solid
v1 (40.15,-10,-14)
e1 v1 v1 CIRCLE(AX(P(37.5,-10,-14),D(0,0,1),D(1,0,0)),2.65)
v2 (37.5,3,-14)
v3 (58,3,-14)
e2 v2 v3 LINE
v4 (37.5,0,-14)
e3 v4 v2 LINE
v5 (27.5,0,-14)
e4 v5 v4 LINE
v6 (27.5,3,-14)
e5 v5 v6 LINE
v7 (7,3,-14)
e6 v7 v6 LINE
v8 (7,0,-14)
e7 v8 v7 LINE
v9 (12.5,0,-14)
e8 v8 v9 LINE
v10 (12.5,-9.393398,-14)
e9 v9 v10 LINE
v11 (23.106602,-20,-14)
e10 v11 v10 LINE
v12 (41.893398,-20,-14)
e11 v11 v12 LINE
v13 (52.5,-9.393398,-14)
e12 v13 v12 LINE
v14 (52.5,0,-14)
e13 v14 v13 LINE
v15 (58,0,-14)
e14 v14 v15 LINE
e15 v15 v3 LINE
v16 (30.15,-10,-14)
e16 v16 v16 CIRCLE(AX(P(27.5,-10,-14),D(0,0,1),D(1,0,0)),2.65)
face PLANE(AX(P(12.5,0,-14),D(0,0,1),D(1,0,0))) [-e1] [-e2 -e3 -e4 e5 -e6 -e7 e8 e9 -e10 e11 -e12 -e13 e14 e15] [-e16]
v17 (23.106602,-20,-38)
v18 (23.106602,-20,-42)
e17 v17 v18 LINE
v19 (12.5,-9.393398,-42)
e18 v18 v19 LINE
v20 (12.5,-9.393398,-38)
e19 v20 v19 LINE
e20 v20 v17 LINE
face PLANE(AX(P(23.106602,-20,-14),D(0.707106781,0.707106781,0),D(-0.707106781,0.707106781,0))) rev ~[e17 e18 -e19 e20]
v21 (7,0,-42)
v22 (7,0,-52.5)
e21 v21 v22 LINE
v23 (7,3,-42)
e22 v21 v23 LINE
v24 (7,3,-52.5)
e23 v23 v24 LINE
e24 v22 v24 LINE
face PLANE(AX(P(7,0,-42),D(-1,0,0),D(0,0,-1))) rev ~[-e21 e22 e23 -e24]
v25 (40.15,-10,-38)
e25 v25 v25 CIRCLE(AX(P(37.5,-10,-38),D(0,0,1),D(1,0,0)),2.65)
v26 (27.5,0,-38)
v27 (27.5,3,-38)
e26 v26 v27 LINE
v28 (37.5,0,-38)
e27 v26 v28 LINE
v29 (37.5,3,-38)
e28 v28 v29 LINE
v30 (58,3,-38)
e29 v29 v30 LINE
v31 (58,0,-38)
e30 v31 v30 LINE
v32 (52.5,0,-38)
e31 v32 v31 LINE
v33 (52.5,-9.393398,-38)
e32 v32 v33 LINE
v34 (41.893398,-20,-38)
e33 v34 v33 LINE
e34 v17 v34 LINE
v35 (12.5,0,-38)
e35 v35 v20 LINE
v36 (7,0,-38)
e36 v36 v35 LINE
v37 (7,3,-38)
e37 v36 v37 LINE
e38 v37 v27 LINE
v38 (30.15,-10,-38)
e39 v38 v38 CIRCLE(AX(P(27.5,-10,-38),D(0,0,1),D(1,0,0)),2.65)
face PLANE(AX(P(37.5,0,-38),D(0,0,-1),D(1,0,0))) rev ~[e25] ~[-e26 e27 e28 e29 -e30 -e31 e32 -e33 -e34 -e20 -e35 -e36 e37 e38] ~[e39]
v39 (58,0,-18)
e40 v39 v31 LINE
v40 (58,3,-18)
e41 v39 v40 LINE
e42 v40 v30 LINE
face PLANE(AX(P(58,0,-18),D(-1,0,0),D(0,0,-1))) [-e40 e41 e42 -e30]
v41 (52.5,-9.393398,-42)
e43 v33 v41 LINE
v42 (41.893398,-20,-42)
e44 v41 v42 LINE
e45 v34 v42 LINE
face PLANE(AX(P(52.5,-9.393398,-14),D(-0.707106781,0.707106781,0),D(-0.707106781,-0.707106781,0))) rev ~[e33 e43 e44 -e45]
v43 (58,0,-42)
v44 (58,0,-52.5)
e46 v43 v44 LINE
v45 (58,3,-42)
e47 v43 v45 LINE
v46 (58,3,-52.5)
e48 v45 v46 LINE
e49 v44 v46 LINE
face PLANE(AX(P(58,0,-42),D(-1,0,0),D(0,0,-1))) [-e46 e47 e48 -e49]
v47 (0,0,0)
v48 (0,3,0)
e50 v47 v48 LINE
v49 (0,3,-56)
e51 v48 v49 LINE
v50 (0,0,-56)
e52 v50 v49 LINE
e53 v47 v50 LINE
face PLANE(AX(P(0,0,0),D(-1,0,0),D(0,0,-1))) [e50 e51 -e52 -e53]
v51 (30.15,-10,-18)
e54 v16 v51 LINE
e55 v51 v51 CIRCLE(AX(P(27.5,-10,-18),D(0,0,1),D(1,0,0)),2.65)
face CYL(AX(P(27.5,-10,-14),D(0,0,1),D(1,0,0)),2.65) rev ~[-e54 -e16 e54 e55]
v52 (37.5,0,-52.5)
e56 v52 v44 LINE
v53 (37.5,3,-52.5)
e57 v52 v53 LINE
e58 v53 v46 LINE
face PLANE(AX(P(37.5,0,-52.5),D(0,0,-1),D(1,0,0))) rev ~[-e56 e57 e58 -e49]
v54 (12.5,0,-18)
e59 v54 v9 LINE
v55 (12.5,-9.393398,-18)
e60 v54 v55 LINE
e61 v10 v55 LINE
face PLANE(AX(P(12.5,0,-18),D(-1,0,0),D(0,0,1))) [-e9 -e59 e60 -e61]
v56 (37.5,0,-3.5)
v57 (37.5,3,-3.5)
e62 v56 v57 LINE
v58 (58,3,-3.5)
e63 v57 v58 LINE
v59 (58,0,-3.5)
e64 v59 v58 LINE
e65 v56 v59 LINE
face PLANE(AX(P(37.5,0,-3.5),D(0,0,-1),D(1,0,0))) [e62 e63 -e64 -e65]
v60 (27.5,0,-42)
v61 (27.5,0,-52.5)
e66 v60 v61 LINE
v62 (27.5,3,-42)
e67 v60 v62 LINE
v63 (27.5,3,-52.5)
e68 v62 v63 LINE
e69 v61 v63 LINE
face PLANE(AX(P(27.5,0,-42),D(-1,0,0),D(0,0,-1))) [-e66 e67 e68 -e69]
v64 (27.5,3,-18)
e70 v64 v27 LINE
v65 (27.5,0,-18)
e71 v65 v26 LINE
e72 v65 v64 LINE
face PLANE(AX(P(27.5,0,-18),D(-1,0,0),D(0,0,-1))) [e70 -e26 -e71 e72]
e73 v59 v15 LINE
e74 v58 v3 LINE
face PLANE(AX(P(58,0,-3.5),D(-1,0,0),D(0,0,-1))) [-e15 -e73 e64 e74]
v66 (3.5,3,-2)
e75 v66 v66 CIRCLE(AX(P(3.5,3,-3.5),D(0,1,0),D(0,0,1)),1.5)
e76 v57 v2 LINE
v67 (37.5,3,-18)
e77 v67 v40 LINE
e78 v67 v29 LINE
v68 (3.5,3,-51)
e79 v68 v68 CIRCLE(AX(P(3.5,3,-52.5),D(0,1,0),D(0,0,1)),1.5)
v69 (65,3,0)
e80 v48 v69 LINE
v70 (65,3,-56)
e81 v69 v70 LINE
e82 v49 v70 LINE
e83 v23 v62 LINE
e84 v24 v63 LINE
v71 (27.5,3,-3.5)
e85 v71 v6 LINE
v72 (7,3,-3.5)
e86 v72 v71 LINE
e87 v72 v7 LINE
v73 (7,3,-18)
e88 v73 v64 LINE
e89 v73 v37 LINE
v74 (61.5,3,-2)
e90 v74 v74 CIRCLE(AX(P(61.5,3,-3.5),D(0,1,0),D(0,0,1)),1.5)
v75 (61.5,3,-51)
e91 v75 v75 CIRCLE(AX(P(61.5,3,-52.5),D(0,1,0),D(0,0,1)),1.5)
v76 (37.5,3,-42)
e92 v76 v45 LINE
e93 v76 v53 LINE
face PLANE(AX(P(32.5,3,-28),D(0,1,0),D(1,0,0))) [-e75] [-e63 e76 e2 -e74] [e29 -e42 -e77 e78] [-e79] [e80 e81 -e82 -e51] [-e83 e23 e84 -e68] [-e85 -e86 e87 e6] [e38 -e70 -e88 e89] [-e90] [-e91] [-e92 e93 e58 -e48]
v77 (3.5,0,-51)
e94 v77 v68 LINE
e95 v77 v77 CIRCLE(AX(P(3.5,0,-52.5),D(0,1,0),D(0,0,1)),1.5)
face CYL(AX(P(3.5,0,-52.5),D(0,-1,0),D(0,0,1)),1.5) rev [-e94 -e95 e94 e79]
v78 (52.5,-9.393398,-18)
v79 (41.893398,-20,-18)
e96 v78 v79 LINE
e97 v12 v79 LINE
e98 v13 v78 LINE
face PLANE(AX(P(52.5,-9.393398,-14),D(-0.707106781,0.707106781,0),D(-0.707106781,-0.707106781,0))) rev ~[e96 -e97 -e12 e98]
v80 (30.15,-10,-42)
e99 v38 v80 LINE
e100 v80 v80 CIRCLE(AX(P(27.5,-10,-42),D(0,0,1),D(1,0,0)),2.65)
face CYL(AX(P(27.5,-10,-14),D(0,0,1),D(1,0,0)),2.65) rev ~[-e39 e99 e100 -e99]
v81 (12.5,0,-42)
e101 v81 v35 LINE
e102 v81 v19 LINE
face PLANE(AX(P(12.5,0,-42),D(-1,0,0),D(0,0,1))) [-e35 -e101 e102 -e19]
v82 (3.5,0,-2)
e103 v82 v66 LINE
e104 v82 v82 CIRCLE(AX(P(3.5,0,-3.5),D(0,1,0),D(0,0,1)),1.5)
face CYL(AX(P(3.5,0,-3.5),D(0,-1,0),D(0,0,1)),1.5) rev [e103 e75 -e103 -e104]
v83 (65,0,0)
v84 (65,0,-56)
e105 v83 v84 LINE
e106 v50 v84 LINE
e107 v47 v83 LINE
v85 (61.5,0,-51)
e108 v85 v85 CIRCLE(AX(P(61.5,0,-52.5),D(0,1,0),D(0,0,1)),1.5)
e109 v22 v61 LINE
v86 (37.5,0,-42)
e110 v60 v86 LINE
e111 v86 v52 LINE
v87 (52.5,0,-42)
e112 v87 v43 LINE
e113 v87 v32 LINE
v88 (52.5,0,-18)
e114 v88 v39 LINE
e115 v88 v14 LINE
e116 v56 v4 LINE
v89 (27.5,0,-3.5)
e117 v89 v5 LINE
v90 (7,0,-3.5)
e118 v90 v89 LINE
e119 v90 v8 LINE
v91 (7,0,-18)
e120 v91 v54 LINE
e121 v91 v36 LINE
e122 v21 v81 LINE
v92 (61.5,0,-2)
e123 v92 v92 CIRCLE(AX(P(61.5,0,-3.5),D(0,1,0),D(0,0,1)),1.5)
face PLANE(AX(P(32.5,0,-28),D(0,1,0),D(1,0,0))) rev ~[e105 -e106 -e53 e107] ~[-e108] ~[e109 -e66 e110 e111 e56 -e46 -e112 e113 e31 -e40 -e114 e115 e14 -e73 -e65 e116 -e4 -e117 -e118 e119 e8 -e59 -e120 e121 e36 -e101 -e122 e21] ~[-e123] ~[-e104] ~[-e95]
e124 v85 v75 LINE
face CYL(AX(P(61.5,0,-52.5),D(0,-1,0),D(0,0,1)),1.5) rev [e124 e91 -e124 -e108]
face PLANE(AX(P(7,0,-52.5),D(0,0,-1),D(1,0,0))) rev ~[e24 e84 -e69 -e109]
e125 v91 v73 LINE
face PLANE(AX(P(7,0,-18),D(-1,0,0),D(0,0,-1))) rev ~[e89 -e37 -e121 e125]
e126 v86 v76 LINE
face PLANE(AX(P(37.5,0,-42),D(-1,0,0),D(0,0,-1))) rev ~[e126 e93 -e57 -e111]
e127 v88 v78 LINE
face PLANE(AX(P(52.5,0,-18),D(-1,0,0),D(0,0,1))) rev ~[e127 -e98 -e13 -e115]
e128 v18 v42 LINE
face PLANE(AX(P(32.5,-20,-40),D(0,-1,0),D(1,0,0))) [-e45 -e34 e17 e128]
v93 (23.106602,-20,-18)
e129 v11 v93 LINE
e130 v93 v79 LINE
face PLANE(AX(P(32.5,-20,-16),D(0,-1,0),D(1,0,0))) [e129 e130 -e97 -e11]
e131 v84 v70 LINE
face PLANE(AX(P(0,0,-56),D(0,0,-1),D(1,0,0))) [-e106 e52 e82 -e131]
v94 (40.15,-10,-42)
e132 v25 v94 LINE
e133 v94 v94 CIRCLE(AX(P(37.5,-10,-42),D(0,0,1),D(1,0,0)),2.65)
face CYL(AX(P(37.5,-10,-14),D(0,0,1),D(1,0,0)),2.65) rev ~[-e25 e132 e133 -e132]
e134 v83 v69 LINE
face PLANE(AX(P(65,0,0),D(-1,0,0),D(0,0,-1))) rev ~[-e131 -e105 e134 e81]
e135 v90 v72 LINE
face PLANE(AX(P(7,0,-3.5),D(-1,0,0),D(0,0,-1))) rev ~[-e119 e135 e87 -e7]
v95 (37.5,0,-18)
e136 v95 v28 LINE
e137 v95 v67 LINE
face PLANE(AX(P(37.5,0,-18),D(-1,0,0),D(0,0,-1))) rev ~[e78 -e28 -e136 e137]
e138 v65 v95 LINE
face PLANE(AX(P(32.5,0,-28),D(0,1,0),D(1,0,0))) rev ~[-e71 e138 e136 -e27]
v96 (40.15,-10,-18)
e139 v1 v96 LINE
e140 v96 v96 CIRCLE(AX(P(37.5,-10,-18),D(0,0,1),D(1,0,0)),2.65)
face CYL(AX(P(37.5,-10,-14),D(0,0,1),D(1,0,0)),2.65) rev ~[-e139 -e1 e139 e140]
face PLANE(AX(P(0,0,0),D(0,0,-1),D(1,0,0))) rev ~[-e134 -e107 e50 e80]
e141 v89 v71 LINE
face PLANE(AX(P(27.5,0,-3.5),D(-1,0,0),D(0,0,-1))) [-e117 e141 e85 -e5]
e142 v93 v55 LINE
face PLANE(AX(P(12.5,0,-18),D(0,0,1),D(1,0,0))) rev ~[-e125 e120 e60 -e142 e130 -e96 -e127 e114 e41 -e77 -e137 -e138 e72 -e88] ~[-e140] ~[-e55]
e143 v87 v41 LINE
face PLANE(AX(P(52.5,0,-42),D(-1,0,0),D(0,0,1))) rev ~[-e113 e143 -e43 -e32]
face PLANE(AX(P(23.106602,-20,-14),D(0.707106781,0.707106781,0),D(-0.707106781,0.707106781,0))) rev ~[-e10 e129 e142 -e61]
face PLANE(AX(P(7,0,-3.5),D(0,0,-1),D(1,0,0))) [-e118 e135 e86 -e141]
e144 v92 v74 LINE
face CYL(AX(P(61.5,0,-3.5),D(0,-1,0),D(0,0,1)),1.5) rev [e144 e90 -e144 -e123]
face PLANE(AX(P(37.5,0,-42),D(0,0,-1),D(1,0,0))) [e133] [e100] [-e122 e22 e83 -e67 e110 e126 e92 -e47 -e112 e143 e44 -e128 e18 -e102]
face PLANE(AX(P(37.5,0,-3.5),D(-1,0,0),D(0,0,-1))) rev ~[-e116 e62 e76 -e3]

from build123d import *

# Parameters (mm, degrees)
SKETCH1_W           = 65
SKETCH1_H           = 56
SKETCH1_R           = 1.5
SKETCH1_W_2         = 20.5
SKETCH1_H_2         = 20
SKETCH1_H_3         = 10.5
BOSS_EXTRUDE1_DEPTH = 3
SKETCH5_W           = 40
SKETCH5_H           = 4
BOSS_EXTRUDE4_DEPTH = 20
CUT_EXTRUDE1_REACH  = 81.931
SKETCH6_R           = 2.65


with BuildPart() as part:
    # Sketch1 → Boss-Extrude1 (new body)
    with BuildSketch(Plane(origin=(0, 0, 0), x_dir=(1, 0, 0), z_dir=(0, 1, 0))):
        with Locations((32.5, 28)):
            Rectangle(SKETCH1_W, SKETCH1_H)
        with Locations(Location((3.5, 52.5, 0), (0, 0, 270))):
            Circle(SKETCH1_R, mode=Mode.SUBTRACT)
        with Locations(Location((61.5, 52.5, 0), (0, 0, 270))):
            Circle(SKETCH1_R, mode=Mode.SUBTRACT)
        with Locations(Location((61.5, 3.5, 0), (0, 0, 270))):
            Circle(SKETCH1_R, mode=Mode.SUBTRACT)
        with Locations(Location((3.5, 3.5, 0), (0, 0, 270))):
            Circle(SKETCH1_R, mode=Mode.SUBTRACT)
        with Locations((17.25, 28)):
            Rectangle(SKETCH1_W_2, SKETCH1_H_2, mode=Mode.SUBTRACT)
        with Locations((47.75, 28)):
            Rectangle(SKETCH1_W_2, SKETCH1_H_2, mode=Mode.SUBTRACT)
        with Locations((17.25, 47.25)):
            Rectangle(SKETCH1_W_2, SKETCH1_H_3, mode=Mode.SUBTRACT)
        with Locations((47.75, 47.25)):
            Rectangle(SKETCH1_W_2, SKETCH1_H_3, mode=Mode.SUBTRACT)
        with Locations((47.75, 8.75)):
            Rectangle(SKETCH1_W_2, SKETCH1_H_3, mode=Mode.SUBTRACT)
        with Locations((17.25, 8.75)):
            Rectangle(SKETCH1_W_2, SKETCH1_H_3, mode=Mode.SUBTRACT)
    extrude(amount=BOSS_EXTRUDE1_DEPTH)

    # Sketch5 → Boss-Extrude4 (add)
    with BuildSketch(Plane.XZ):
        with Locations((32.5, -16)):
            Rectangle(SKETCH5_W, SKETCH5_H)
        with Locations((32.5, -40)):
            Rectangle(SKETCH5_W, SKETCH5_H)
    extrude(amount=BOSS_EXTRUDE4_DEPTH)

    # Cut-Extrude1: up to this face of the body (flat: up to its plane)
    cut_extrude1_end = Plane(part.part.faces().sort_by_distance((32.5, -8.467497291, -42))[0])
    # Sketch6 → Cut-Extrude1 (cut, up to the picked face)
    with BuildSketch(Plane.XY.offset(-14), mode=Mode.PRIVATE) as cut_extrude1_sk1:
        with Locations((27.5, -10)):
            Circle(SKETCH6_R)
    cut_extrude1_tool1 = split(extrude(cut_extrude1_sk1.sketch, amount=-CUT_EXTRUDE1_REACH, mode=Mode.PRIVATE), bisect_by=cut_extrude1_end, keep=Keep.BOTH, mode=Mode.PRIVATE)
    # Sketch6 → Cut-Extrude1 (cut, up to the picked face)
    with BuildSketch(Plane.XY.offset(-14), mode=Mode.PRIVATE) as cut_extrude1_sk2:
        with Locations((37.5, -10)):
            Circle(SKETCH6_R)
    cut_extrude1_tool2 = split(extrude(cut_extrude1_sk2.sketch, amount=-CUT_EXTRUDE1_REACH, mode=Mode.PRIVATE), bisect_by=cut_extrude1_end, keep=Keep.BOTH, mode=Mode.PRIVATE)
    # Sketch6 → Cut-Extrude1 (cut, up to the picked face)
    with BuildSketch(Plane.XY.offset(-14), mode=Mode.PRIVATE) as cut_extrude1_sk3:
        Polygon((12.5, -9.393398282), (12.5, -20), (23.106601718, -20), align=None)
    cut_extrude1_tool3 = split(extrude(cut_extrude1_sk3.sketch, amount=-CUT_EXTRUDE1_REACH, mode=Mode.PRIVATE), bisect_by=cut_extrude1_end, keep=Keep.BOTH, mode=Mode.PRIVATE)
    # Sketch6 → Cut-Extrude1 (cut, up to the picked face)
    with BuildSketch(Plane.XY.offset(-14), mode=Mode.PRIVATE) as cut_extrude1_sk4:
        Polygon((41.893398282, -20), (52.5, -20), (52.5, -9.393398282), align=None)
    cut_extrude1_tool4 = split(extrude(cut_extrude1_sk4.sketch, amount=-CUT_EXTRUDE1_REACH, mode=Mode.PRIVATE), bisect_by=cut_extrude1_end, keep=Keep.BOTH, mode=Mode.PRIVATE)
    add(cut_extrude1_tool1.solids().sort_by(Axis((27.5, -10, -14), (0, 0, -1)))[0], mode=Mode.SUBTRACT)
    add(cut_extrude1_tool2.solids().sort_by(Axis((37.5, -10, -14), (0, 0, -1)))[0], mode=Mode.SUBTRACT)
    add(cut_extrude1_tool3.solids().sort_by(Axis((16.035534, -16.464466, -14), (0, 0, -1)))[0], mode=Mode.SUBTRACT)
    add(cut_extrude1_tool4.solids().sort_by(Axis((48.964466, -16.464466, -14), (0, 0, -1)))[0], mode=Mode.SUBTRACT)


solid = part.part
